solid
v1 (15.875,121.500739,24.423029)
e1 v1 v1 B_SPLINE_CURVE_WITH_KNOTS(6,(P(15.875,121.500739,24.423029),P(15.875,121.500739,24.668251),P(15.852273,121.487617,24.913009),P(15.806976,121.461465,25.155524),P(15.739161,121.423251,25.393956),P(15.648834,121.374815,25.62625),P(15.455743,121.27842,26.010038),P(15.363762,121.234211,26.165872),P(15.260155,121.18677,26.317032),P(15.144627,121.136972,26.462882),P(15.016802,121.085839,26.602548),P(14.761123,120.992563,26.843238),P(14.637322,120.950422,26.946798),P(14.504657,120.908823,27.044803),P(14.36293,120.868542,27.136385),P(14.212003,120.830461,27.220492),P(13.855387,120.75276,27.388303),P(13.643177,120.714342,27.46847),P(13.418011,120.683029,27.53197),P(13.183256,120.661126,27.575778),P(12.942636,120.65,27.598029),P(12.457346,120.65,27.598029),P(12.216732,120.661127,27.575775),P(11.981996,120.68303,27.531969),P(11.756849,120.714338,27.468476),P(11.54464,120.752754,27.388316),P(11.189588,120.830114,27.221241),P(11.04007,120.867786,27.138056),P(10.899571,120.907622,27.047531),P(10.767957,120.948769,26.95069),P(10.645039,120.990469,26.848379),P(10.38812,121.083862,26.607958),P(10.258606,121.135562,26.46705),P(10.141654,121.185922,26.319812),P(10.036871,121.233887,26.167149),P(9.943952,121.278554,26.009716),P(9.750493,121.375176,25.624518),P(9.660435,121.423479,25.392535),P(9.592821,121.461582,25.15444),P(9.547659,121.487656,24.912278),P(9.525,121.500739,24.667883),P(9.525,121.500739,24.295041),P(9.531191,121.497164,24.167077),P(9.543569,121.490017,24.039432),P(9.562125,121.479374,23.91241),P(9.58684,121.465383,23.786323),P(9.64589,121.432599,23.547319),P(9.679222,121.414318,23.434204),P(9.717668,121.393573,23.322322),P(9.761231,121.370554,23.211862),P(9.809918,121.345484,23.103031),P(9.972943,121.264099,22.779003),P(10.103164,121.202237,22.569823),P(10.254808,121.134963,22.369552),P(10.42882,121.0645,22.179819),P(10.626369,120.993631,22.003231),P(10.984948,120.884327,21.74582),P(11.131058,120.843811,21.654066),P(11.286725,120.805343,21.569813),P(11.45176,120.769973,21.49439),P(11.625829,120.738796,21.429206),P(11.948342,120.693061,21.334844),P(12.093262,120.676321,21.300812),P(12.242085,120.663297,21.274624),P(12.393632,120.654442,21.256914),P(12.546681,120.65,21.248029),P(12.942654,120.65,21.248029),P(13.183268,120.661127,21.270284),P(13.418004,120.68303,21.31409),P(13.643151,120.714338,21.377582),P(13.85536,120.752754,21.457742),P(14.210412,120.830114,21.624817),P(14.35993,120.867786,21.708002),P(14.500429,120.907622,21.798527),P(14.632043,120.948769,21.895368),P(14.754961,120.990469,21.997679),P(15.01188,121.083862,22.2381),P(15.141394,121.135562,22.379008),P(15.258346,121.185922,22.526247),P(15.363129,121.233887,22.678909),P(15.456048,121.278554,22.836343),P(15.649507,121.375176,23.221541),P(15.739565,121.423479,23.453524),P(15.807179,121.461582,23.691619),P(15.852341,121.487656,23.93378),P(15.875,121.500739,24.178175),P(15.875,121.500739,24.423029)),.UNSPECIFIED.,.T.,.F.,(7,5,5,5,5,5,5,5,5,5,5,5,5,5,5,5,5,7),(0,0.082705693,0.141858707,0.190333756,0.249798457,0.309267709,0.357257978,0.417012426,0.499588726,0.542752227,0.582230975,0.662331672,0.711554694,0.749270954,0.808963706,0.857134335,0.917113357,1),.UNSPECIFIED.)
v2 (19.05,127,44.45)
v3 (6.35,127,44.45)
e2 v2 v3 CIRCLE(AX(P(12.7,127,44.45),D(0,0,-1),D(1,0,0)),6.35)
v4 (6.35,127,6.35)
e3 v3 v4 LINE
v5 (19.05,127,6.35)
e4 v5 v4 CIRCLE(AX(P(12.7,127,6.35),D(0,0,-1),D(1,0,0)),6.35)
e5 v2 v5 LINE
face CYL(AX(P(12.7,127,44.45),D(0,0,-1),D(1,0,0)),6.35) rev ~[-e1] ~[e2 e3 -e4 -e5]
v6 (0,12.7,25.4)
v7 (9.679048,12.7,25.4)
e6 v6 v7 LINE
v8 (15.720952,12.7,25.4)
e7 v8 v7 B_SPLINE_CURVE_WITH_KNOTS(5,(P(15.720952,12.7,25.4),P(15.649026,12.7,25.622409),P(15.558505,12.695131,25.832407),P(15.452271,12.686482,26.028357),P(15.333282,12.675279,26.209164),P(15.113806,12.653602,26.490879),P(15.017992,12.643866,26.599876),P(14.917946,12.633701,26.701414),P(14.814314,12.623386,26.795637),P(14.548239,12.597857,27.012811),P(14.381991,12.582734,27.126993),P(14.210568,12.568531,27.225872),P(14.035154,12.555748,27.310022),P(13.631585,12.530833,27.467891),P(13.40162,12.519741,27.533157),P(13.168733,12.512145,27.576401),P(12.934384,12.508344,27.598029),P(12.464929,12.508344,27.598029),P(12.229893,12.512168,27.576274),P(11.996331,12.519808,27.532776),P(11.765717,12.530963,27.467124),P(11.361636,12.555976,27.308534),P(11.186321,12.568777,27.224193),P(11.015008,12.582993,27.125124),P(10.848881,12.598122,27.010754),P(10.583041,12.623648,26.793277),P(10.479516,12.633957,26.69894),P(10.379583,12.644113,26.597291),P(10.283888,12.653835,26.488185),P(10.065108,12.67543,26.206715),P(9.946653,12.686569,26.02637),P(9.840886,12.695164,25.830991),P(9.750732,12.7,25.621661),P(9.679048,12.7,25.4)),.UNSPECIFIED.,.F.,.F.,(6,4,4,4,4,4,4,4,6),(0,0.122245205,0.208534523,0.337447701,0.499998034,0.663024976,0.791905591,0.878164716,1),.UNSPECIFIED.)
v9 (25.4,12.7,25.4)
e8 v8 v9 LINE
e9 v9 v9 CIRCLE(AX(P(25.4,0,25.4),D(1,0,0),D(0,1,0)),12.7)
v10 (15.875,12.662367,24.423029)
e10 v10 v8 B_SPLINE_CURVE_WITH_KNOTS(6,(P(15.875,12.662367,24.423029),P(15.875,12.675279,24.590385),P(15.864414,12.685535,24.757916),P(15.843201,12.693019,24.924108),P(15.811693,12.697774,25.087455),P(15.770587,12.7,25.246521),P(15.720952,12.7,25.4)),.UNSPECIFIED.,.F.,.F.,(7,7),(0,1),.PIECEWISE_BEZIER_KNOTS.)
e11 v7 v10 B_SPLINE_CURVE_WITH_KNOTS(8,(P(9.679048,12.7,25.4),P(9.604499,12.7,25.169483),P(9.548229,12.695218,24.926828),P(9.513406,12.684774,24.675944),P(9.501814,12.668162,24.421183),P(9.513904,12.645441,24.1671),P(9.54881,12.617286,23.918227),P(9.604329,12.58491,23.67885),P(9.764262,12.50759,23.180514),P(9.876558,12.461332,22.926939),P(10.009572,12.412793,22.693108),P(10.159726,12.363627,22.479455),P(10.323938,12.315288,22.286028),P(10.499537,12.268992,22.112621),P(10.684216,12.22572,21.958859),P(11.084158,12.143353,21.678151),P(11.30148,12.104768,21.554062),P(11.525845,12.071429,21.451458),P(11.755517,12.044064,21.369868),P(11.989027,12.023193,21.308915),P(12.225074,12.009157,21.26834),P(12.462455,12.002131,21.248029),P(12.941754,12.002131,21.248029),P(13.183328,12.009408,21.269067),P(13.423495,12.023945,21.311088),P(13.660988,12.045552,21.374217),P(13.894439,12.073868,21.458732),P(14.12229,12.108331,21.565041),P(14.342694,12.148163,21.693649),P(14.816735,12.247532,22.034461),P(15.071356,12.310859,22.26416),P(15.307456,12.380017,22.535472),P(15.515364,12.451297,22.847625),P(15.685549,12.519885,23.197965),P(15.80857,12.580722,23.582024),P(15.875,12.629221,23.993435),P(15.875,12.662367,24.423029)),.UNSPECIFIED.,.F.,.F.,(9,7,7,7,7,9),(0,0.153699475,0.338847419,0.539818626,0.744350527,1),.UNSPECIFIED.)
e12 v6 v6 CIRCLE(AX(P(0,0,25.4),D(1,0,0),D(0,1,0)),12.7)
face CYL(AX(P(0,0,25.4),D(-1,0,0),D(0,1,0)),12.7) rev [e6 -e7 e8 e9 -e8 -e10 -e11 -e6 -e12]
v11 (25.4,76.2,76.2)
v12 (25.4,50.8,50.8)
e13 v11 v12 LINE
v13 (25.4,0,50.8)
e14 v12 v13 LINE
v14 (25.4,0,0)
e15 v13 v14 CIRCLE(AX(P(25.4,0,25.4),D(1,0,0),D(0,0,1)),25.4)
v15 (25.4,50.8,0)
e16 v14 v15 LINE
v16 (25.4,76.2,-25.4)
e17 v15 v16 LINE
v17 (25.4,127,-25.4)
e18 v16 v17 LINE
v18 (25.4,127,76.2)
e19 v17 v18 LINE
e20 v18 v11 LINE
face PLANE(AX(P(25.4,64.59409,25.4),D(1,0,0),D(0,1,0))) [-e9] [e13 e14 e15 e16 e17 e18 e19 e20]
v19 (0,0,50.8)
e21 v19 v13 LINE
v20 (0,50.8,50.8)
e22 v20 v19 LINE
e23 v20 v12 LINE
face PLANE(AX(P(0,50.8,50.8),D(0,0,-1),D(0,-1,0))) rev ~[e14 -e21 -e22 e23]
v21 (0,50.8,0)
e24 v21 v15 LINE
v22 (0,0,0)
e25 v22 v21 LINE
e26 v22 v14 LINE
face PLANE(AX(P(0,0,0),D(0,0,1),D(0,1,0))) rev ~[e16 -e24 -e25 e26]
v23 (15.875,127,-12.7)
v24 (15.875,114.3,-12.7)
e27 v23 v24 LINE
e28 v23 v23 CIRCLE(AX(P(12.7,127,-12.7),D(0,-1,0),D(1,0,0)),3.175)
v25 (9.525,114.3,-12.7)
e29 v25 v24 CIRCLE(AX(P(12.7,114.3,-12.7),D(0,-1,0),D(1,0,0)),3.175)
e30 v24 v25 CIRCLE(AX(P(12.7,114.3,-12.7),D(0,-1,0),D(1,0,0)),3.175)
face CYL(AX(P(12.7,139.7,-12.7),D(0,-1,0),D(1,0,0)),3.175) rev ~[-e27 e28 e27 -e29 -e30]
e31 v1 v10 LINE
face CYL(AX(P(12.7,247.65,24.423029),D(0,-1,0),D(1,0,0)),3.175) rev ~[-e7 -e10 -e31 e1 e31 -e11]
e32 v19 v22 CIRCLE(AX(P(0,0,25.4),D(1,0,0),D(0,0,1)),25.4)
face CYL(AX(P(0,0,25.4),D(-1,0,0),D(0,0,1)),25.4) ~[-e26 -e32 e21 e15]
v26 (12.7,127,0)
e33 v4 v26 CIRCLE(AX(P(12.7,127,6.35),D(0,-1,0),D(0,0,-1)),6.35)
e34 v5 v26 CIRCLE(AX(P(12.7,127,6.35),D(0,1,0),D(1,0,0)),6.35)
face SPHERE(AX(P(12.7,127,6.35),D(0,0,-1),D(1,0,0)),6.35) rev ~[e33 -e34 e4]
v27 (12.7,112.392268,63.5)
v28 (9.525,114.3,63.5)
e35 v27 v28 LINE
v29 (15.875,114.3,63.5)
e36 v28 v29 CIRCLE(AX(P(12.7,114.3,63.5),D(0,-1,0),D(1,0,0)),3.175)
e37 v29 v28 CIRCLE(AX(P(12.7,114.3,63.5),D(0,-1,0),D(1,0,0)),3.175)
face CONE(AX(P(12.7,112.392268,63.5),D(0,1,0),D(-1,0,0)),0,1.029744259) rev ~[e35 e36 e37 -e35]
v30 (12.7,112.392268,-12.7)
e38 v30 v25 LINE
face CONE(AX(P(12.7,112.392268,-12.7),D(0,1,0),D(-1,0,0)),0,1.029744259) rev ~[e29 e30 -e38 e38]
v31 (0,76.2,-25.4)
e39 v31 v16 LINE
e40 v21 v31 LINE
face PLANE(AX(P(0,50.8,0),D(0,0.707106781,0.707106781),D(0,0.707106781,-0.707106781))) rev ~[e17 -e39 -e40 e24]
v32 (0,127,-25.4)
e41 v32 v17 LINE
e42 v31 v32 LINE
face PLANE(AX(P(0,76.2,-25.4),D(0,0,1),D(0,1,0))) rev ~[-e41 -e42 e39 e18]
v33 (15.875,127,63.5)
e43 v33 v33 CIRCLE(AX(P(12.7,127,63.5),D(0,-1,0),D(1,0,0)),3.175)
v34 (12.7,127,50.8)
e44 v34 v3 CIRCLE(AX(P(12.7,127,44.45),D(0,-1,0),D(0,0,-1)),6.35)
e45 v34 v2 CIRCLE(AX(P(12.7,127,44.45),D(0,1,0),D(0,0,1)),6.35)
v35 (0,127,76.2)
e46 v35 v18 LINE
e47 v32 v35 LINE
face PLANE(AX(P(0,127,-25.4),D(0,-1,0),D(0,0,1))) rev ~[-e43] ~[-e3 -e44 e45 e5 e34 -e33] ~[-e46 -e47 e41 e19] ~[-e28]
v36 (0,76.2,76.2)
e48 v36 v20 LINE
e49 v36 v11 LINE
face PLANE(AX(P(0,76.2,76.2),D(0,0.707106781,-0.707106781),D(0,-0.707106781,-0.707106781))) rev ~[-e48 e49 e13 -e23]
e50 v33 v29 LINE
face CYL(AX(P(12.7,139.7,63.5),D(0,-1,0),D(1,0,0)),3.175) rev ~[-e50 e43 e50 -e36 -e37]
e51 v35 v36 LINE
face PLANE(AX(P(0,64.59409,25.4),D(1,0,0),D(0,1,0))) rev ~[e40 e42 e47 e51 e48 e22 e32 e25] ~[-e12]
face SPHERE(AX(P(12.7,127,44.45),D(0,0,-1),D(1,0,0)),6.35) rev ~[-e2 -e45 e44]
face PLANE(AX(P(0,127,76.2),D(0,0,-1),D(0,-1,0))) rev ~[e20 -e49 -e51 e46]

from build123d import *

# Parameters (mm, degrees)
F0_R     = 12.7
F1_DEPTH = 25.4
F5_D     = 6.35
F5_DEPTH = 12.7
F5_TIP   = 1.9077324654
F7_D     = 6.35
F7_DEPTH = 127
F7_START = 6.3500001
F7_TIP   = 1.9077324654


with BuildPart() as f1:
    # F0 (on Right) → F1 (new body)
    with BuildSketch(Plane.YZ):
        with BuildLine():
            Line((50.8, 50.8), (0, 50.8))
            ThreePointArc((0, 50.8), (-25.4, 25.4), (0, 0))
            Line((0, 0), (50.8, 0))
            Line((50.8, 0), (76.2, -25.4))
            Line((76.2, -25.4), (127, -25.4))
            Line((127, -25.4), (127, 76.2))
            Line((127, 76.2), (76.2, 76.2))
            Line((76.2, 76.2), (50.8, 50.8))
        make_face()
        with Locations((0, 25.4)):
            Circle(F0_R, mode=Mode.SUBTRACT)
    extrude(amount=F1_DEPTH)

    # F2 (on face) → F3 (revolve, cut)
    with BuildSketch(Plane(origin=(0, 127, 0), x_dir=(-1, 0, 0), z_dir=(0, 1, 0))):
        with BuildLine():
            ThreePointArc((-12.7, 50.8), (-17.1901280605, 48.9401280605), (-19.05, 44.45))
            Line((-19.05, 44.45), (-19.05, 6.35))
            ThreePointArc((-19.05, 6.35), (-17.1901280605, 1.8598719395), (-12.7, 0))
            Line((-12.7, 0), (-12.7, 50.8))
        make_face()
    revolve(axis=Axis((12.7, 127, 25.4), (0, 0, -1)), mode=Mode.SUBTRACT)

    # F5
    with Locations(Plane(origin=(0, 127, 0), x_dir=(-1, 0, 0), z_dir=(0, 1, 0))):
        with Locations((-12.7, 63.5), (-12.7, -12.7)):
            Hole(F5_D / 2, depth=F5_DEPTH)
            with Locations((0, 0, -(F5_DEPTH + F5_TIP / 2))):  # 118° drill point
                Cone(0, F5_D / 2, F5_TIP, mode=Mode.SUBTRACT)

    # F7
    # its depths count from where the whole tool has entered the part; down to there all is cleared
    with Locations(Plane(origin=(0, 127, 0), x_dir=(-1, 0, 0), z_dir=(0, 1, 0)).offset(-F7_START)):
        with Locations((-12.7, 24.4230292737)):
            Hole(F7_D / 2, depth=F7_DEPTH)
            with Locations((0, 0, -(F7_DEPTH + F7_TIP / 2))):  # 118° drill point
                Cone(0, F7_D / 2, F7_TIP, mode=Mode.SUBTRACT)


solid = f1.part
